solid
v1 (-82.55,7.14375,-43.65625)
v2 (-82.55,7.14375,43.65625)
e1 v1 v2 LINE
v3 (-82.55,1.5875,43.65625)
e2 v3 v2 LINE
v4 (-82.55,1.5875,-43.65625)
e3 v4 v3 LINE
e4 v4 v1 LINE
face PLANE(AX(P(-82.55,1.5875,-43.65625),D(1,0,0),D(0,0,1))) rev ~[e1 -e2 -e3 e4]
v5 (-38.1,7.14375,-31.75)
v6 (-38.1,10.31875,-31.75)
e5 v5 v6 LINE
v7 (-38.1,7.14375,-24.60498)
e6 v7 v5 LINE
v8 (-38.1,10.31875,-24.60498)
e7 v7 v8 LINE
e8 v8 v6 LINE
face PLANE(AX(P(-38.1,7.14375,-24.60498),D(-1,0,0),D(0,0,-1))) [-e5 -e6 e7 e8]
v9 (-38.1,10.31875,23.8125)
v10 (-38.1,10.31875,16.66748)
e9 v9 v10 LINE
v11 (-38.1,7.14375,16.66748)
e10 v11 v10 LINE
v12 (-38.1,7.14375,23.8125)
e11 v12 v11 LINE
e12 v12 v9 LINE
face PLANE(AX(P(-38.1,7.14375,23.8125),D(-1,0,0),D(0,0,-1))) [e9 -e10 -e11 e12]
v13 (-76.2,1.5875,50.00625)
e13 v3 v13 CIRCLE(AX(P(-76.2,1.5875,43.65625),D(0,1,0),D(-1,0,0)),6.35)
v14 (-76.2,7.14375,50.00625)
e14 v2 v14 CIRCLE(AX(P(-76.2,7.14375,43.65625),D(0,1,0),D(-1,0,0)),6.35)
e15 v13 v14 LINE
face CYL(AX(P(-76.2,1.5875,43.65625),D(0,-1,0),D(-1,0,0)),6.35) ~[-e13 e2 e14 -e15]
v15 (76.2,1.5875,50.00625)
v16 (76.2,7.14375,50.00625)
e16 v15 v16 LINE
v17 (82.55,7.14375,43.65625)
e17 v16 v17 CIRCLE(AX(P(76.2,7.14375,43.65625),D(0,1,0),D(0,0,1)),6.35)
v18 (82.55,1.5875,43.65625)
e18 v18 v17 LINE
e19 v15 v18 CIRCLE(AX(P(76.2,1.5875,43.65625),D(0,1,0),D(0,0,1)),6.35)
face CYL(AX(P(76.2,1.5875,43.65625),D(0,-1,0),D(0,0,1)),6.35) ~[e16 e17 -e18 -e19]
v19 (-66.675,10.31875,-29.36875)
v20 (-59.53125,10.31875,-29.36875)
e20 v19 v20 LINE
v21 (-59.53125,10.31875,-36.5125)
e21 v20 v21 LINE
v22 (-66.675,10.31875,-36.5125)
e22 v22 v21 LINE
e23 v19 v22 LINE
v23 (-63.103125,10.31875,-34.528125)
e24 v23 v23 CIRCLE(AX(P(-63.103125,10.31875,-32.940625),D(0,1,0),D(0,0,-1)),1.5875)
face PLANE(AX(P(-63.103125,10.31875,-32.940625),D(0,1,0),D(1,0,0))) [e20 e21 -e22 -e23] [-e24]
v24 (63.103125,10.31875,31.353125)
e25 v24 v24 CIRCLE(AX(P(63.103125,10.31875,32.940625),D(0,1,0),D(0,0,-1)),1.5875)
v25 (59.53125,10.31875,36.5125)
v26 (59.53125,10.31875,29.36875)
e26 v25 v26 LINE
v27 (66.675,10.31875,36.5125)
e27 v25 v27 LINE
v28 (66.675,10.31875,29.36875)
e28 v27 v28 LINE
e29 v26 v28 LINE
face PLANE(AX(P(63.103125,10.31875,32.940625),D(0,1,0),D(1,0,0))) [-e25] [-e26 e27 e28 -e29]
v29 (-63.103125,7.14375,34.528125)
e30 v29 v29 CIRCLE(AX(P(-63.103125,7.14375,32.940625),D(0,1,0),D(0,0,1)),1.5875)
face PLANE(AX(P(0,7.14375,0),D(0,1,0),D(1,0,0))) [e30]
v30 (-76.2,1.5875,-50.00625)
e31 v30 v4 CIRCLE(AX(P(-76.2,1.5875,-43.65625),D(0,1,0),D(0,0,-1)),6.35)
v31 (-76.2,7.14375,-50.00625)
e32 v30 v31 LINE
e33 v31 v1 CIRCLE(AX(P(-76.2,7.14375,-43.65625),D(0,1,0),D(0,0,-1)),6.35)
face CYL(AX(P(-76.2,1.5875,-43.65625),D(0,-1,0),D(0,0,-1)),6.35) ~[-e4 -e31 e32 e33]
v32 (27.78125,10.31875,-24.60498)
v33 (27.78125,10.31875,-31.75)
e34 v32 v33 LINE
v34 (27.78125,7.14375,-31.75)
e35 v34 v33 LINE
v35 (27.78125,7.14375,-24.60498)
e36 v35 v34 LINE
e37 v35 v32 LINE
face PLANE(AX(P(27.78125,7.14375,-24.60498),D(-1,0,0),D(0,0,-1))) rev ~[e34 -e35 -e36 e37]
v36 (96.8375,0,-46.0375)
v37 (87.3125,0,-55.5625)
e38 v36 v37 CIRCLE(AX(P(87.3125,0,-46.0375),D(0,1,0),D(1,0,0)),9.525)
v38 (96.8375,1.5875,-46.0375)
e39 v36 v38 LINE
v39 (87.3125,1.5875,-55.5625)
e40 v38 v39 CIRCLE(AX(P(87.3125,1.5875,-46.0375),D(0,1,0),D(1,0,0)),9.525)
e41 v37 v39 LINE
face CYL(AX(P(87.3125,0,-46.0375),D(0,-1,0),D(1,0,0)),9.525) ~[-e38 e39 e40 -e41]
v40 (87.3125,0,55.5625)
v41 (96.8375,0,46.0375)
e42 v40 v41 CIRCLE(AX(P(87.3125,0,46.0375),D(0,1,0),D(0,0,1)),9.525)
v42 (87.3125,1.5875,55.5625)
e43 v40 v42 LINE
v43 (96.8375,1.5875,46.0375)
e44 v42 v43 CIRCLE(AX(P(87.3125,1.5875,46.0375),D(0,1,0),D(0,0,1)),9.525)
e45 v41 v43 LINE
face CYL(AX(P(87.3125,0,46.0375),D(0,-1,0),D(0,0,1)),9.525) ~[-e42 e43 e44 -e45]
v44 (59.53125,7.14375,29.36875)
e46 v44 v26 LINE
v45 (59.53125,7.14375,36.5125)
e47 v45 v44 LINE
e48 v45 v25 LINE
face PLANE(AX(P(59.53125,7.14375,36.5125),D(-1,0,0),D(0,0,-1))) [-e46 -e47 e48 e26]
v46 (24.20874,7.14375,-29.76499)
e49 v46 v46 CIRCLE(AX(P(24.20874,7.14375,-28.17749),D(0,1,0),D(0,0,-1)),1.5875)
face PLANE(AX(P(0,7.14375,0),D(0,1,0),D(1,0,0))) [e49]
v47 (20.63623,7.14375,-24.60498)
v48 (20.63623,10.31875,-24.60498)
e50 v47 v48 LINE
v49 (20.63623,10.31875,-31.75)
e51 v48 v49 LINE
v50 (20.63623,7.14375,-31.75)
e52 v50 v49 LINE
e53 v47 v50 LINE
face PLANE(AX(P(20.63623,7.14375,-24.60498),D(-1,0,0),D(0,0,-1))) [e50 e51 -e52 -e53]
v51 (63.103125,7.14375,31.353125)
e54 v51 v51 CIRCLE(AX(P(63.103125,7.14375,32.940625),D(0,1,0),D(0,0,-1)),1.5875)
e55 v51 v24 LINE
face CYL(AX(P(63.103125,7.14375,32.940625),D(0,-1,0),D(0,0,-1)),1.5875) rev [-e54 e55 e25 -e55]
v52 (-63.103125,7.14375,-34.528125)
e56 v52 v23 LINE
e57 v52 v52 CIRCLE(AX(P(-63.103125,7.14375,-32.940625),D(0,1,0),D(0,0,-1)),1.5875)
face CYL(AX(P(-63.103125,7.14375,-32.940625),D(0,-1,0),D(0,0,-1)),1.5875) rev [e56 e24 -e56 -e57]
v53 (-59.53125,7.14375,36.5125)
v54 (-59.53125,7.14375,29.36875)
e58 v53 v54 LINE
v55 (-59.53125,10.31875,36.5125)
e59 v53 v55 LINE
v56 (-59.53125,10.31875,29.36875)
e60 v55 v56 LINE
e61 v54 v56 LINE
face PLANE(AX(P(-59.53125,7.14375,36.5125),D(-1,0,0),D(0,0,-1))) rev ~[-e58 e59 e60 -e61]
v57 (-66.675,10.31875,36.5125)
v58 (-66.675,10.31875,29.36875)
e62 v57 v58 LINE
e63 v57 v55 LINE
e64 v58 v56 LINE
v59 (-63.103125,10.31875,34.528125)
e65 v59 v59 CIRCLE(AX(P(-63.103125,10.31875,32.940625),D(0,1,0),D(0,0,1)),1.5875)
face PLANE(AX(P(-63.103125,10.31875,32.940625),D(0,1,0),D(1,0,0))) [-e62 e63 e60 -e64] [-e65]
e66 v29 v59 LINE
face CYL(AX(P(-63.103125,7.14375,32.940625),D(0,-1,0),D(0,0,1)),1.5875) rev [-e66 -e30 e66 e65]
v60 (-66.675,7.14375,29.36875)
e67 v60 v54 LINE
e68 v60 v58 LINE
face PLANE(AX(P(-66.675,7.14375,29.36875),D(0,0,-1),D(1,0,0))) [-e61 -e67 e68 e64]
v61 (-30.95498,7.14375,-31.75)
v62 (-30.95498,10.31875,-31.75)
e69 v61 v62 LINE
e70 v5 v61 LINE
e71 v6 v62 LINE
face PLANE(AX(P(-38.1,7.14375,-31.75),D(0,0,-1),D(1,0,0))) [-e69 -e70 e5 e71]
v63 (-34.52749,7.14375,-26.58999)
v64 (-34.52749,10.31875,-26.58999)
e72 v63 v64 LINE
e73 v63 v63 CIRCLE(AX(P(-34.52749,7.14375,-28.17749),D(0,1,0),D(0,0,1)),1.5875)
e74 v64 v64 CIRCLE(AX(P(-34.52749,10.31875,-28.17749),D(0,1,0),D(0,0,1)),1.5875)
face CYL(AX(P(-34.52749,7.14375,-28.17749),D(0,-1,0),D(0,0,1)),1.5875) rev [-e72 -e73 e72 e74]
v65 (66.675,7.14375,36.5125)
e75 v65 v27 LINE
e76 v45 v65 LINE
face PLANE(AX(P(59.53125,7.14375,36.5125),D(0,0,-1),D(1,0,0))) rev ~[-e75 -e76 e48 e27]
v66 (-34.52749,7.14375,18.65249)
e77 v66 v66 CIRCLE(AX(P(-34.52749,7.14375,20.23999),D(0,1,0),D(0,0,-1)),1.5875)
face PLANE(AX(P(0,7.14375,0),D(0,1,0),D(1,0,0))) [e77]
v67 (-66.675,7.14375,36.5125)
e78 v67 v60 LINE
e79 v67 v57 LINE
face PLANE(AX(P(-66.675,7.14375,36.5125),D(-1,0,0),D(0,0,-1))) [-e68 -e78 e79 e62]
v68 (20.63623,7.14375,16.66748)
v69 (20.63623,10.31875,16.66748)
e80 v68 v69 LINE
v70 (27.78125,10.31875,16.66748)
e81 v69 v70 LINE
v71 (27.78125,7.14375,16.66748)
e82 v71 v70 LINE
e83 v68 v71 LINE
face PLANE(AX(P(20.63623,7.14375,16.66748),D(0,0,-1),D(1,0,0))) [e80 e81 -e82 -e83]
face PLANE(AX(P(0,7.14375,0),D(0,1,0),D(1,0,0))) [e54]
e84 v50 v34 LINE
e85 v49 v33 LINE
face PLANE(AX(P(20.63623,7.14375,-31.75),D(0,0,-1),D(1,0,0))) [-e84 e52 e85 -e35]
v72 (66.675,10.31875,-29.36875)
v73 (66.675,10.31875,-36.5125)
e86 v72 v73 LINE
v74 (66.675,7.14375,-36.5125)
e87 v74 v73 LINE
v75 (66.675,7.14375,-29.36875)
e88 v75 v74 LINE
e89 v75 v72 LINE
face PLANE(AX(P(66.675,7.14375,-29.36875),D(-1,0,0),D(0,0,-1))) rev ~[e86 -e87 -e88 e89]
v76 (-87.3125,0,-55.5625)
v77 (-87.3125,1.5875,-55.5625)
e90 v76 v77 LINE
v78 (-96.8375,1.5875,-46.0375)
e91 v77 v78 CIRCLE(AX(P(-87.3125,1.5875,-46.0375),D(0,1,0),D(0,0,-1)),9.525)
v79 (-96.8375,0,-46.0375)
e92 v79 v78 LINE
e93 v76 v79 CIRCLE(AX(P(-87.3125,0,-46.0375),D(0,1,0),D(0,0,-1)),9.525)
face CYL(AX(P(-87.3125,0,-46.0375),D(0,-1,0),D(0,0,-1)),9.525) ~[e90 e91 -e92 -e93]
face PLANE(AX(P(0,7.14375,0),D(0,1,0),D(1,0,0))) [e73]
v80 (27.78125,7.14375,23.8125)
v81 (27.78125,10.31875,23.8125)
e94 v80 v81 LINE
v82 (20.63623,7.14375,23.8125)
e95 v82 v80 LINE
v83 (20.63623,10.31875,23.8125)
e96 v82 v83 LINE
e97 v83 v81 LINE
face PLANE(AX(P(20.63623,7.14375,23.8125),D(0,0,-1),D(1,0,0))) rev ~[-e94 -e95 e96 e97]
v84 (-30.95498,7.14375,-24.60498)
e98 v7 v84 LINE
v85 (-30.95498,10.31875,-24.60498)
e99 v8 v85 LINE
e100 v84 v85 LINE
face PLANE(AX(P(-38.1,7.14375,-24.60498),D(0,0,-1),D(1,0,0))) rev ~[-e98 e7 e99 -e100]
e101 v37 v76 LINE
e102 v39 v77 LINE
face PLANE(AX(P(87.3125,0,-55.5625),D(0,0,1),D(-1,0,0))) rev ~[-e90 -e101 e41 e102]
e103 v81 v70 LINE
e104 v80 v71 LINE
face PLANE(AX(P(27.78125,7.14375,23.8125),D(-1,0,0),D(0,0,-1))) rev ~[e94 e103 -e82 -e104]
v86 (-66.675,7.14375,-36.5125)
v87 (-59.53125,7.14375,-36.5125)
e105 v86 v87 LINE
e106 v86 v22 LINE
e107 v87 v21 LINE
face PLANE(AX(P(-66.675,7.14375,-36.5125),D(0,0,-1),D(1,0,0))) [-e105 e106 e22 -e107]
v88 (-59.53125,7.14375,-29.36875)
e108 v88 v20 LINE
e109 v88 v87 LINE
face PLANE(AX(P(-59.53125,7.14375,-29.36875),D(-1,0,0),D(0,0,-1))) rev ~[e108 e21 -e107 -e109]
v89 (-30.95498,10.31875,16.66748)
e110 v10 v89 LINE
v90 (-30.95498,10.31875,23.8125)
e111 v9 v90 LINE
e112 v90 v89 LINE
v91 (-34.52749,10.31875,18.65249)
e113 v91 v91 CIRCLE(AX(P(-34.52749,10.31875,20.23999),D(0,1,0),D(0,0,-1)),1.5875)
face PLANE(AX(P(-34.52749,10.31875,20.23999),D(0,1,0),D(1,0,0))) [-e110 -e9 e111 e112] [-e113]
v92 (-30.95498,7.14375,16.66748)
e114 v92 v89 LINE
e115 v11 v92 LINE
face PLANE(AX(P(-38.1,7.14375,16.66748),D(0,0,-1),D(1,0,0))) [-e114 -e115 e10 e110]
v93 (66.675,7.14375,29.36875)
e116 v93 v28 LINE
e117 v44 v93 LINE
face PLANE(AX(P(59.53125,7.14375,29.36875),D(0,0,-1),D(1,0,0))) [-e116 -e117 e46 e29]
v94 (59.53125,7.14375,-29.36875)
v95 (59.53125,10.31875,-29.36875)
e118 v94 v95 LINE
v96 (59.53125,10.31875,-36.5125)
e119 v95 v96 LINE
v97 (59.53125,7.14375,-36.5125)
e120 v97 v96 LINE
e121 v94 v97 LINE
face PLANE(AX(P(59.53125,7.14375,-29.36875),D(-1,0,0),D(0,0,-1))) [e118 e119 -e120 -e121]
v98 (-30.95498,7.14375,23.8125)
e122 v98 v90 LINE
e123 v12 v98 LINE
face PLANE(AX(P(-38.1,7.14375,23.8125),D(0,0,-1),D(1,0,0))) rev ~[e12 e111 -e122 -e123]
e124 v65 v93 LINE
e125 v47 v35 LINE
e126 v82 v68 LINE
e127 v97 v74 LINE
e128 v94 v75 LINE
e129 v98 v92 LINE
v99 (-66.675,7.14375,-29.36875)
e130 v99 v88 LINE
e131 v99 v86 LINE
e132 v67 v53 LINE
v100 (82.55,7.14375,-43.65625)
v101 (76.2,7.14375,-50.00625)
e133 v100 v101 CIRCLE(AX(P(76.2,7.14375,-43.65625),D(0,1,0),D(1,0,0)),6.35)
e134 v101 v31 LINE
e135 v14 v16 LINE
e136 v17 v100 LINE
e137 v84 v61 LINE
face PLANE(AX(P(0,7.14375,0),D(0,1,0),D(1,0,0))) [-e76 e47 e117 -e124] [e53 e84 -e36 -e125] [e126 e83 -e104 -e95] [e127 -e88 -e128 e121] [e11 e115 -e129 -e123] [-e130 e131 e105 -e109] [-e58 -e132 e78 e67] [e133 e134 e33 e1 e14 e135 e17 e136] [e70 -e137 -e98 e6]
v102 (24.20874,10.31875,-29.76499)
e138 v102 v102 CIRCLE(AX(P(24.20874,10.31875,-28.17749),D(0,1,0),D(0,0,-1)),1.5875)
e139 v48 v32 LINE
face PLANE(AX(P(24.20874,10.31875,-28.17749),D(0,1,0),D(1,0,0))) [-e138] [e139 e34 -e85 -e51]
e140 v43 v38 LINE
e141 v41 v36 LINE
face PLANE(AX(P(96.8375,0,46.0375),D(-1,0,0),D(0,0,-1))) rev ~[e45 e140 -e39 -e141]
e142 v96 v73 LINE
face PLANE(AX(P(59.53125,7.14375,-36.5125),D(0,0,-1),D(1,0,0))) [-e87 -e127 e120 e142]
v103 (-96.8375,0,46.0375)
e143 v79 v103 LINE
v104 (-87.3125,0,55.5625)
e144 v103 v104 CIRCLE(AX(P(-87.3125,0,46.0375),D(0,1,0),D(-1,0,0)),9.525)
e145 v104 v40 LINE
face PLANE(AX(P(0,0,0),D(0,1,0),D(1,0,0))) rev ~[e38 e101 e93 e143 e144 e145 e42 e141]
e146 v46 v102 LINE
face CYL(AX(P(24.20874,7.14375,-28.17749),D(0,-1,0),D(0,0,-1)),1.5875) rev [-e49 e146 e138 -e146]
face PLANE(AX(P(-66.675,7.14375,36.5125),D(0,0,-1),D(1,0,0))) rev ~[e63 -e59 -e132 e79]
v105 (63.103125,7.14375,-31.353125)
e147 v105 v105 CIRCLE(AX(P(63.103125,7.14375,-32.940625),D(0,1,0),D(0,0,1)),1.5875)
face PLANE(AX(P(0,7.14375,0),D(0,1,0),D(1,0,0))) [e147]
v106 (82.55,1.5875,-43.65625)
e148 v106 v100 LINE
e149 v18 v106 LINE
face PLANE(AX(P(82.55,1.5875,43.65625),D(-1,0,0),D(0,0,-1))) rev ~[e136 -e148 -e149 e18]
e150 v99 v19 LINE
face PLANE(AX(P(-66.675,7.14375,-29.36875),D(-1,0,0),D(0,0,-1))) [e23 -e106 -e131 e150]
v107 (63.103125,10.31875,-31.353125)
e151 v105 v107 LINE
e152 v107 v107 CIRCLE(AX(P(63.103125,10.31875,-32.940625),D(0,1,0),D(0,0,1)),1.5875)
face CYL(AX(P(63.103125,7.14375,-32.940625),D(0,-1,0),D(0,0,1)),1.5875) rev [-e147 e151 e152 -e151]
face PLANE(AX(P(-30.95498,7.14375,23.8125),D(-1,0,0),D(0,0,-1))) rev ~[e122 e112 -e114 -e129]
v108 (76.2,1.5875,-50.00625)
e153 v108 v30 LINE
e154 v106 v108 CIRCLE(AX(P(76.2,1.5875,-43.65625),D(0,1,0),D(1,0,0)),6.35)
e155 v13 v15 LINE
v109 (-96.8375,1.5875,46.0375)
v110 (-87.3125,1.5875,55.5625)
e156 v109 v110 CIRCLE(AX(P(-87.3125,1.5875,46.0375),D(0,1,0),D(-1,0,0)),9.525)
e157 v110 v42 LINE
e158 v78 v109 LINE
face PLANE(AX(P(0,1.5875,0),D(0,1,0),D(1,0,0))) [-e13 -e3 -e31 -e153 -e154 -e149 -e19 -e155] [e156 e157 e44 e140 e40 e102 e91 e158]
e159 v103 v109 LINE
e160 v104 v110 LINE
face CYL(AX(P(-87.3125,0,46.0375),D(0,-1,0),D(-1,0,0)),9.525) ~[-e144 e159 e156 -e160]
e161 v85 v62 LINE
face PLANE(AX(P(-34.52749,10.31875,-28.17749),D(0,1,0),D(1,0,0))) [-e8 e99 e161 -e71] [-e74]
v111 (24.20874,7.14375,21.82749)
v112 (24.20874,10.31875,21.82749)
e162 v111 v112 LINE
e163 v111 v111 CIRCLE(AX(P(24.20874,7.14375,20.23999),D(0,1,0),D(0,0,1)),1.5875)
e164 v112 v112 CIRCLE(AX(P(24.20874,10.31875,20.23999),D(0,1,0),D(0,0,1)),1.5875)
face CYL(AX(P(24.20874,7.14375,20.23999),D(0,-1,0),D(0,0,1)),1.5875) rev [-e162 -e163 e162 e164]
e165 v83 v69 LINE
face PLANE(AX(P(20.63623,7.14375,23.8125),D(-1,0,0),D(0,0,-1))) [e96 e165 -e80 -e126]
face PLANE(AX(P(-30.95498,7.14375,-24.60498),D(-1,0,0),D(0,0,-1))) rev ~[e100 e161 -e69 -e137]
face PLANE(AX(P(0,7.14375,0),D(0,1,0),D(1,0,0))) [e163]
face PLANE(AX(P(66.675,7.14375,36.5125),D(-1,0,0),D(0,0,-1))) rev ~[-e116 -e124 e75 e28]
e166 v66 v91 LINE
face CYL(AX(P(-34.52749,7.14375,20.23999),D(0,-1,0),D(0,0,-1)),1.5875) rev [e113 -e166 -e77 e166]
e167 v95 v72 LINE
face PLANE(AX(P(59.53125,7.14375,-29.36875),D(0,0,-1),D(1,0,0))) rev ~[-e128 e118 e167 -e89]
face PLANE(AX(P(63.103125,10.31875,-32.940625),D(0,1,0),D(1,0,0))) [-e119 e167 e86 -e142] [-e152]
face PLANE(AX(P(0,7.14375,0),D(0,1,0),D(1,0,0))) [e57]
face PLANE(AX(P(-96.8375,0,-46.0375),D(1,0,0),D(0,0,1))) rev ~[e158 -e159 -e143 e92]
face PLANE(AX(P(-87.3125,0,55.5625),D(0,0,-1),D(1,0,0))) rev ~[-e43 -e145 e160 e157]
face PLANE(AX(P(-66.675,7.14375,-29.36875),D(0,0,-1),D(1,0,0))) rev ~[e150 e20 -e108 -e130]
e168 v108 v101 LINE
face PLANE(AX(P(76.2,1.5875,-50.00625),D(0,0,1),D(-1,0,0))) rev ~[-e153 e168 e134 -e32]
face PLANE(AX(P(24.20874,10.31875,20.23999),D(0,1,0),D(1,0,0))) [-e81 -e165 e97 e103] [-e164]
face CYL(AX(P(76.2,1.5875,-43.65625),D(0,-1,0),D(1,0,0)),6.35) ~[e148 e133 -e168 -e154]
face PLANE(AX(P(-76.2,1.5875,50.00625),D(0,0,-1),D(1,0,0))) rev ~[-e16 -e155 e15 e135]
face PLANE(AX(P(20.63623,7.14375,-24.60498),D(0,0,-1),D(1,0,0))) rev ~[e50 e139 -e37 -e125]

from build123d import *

# Parameters (mm, degrees)
BOSS_EXTRUDE1_DEPTH = 1.5875
BOSS_EXTRUDE2_DEPTH = 5.55625
SKETCH3_W           = 7.14375
SKETCH3_H           = 7.14375
SKETCH3_R           = 1.5875
BOSS_EXTRUDE3_DEPTH = 3.175
SKETCH4_W           = 7.14502
SKETCH4_H           = 7.14502
SKETCH4_R           = 1.5875
BOSS_EXTRUDE4_DEPTH = 3.175


with BuildPart() as part:
    # Sketch1 → Boss-Extrude1 (new body)
    with BuildSketch(Plane(origin=(0, 0, 0), x_dir=(1, 0, 0), z_dir=(0, 1, 0))):
        with BuildLine():
            Line((87.3125, 55.5625), (-87.3125, 55.5625))
            ThreePointArc((-87.3125, 55.5625), (-94.047692091, 52.772692091), (-96.8375, 46.0375))
            Line((-96.8375, 46.0375), (-96.8375, -46.0375))
            ThreePointArc((-96.8375, -46.0375), (-94.047692091, -52.772692091), (-87.3125, -55.5625))
            Line((-87.3125, -55.5625), (87.3125, -55.5625))
            ThreePointArc((87.3125, -55.5625), (94.047692091, -52.772692091), (96.8375, -46.0375))
            Line((96.8375, -46.0375), (96.8375, 46.0375))
            ThreePointArc((96.8375, 46.0375), (94.047692091, 52.772692091), (87.3125, 55.5625))
        make_face()
    extrude(amount=BOSS_EXTRUDE1_DEPTH)

    # Sketch2 → Boss-Extrude2 (add)
    with BuildSketch(Plane(origin=(0, 1.5875, 0), x_dir=(1, 0, 0), z_dir=(0, 1, 0))):
        with BuildLine():
            Line((76.2, 50.00625), (-76.2, 50.00625))
            ThreePointArc((-76.2, 50.00625), (-80.690128061, 48.146378061), (-82.55, 43.65625))
            Line((-82.55, 43.65625), (-82.55, -43.65625))
            ThreePointArc((-82.55, -43.65625), (-80.690128061, -48.146378061), (-76.2, -50.00625))
            Line((-76.2, -50.00625), (76.2, -50.00625))
            ThreePointArc((76.2, -50.00625), (80.690128061, -48.146378061), (82.55, -43.65625))
            Line((82.55, -43.65625), (82.55, 43.65625))
            ThreePointArc((82.55, 43.65625), (80.690128061, 48.146378061), (76.2, 50.00625))
        make_face()
    extrude(amount=BOSS_EXTRUDE2_DEPTH)

    # Sketch3 → Boss-Extrude3 (add)
    # profile 1 of 4: a face of its own
    with BuildSketch(Plane(origin=(0, 7.14375, 0), x_dir=(1, 0, 0), z_dir=(0, 1, 0))):
        with Locations((-63.103125, -32.940625)):
            Rectangle(SKETCH3_W, SKETCH3_H)
        with Locations(Location((-63.103125, -32.940625, 0), (0, 0, 270))):
            Circle(SKETCH3_R, mode=Mode.SUBTRACT)
    # profile 2 of 4: a face of its own
    with BuildSketch(Plane(origin=(0, 7.14375, 0), x_dir=(1, 0, 0), z_dir=(0, 1, 0))):
        with Locations((63.103125, -32.940625)):
            Rectangle(SKETCH3_W, SKETCH3_H)
        with Locations(Location((63.103125, -32.940625, 0), (0, 0, 90))):
            Circle(SKETCH3_R, mode=Mode.SUBTRACT)
    # profile 3 of 4: a face of its own
    with BuildSketch(Plane(origin=(0, 7.14375, 0), x_dir=(1, 0, 0), z_dir=(0, 1, 0))):
        with Locations((63.103125, 32.940625)):
            Rectangle(SKETCH3_W, SKETCH3_H)
        with Locations(Location((63.103125, 32.940625, 0), (0, 0, 270))):
            Circle(SKETCH3_R, mode=Mode.SUBTRACT)
    # profile 4 of 4: a face of its own
    with BuildSketch(Plane(origin=(0, 7.14375, 0), x_dir=(1, 0, 0), z_dir=(0, 1, 0))):
        with Locations((-63.103125, 32.940625)):
            Rectangle(SKETCH3_W, SKETCH3_H)
        with Locations(Location((-63.103125, 32.940625, 0), (0, 0, 90))):
            Circle(SKETCH3_R, mode=Mode.SUBTRACT)
    extrude(amount=BOSS_EXTRUDE3_DEPTH)

    # Sketch4 → Boss-Extrude4 (add)
    # profile 1 of 4: a face of its own
    with BuildSketch(Plane(origin=(0, 7.14375, 0), x_dir=(1, 0, 0), z_dir=(0, 1, 0))):
        with Locations((24.20874, -20.23999)):
            Rectangle(SKETCH4_W, SKETCH4_H)
        with Locations(Location((24.20874, -20.23999, 0), (0, 0, 270))):
            Circle(SKETCH4_R, mode=Mode.SUBTRACT)
    # profile 2 of 4: a face of its own
    with BuildSketch(Plane(origin=(0, 7.14375, 0), x_dir=(1, 0, 0), z_dir=(0, 1, 0))):
        with Locations((-34.52749, -20.23999)):
            Rectangle(SKETCH4_W, SKETCH4_H)
        with Locations(Location((-34.52749, -20.23999, 0), (0, 0, 90))):
            Circle(SKETCH4_R, mode=Mode.SUBTRACT)
    # profile 3 of 4: a face of its own
    with BuildSketch(Plane(origin=(0, 7.14375, 0), x_dir=(1, 0, 0), z_dir=(0, 1, 0))):
        with Locations((-34.52749, 28.17749)):
            Rectangle(SKETCH4_W, SKETCH4_H)
        with Locations(Location((-34.52749, 28.17749, 0), (0, 0, 270))):
            Circle(SKETCH4_R, mode=Mode.SUBTRACT)
    # profile 4 of 4: a face of its own
    with BuildSketch(Plane(origin=(0, 7.14375, 0), x_dir=(1, 0, 0), z_dir=(0, 1, 0))):
        with Locations((24.20874, 28.17749)):
            Rectangle(SKETCH4_W, SKETCH4_H)
        with Locations(Location((24.20874, 28.17749, 0), (0, 0, 90))):
            Circle(SKETCH4_R, mode=Mode.SUBTRACT)
    extrude(amount=BOSS_EXTRUDE4_DEPTH)


solid = part.part
